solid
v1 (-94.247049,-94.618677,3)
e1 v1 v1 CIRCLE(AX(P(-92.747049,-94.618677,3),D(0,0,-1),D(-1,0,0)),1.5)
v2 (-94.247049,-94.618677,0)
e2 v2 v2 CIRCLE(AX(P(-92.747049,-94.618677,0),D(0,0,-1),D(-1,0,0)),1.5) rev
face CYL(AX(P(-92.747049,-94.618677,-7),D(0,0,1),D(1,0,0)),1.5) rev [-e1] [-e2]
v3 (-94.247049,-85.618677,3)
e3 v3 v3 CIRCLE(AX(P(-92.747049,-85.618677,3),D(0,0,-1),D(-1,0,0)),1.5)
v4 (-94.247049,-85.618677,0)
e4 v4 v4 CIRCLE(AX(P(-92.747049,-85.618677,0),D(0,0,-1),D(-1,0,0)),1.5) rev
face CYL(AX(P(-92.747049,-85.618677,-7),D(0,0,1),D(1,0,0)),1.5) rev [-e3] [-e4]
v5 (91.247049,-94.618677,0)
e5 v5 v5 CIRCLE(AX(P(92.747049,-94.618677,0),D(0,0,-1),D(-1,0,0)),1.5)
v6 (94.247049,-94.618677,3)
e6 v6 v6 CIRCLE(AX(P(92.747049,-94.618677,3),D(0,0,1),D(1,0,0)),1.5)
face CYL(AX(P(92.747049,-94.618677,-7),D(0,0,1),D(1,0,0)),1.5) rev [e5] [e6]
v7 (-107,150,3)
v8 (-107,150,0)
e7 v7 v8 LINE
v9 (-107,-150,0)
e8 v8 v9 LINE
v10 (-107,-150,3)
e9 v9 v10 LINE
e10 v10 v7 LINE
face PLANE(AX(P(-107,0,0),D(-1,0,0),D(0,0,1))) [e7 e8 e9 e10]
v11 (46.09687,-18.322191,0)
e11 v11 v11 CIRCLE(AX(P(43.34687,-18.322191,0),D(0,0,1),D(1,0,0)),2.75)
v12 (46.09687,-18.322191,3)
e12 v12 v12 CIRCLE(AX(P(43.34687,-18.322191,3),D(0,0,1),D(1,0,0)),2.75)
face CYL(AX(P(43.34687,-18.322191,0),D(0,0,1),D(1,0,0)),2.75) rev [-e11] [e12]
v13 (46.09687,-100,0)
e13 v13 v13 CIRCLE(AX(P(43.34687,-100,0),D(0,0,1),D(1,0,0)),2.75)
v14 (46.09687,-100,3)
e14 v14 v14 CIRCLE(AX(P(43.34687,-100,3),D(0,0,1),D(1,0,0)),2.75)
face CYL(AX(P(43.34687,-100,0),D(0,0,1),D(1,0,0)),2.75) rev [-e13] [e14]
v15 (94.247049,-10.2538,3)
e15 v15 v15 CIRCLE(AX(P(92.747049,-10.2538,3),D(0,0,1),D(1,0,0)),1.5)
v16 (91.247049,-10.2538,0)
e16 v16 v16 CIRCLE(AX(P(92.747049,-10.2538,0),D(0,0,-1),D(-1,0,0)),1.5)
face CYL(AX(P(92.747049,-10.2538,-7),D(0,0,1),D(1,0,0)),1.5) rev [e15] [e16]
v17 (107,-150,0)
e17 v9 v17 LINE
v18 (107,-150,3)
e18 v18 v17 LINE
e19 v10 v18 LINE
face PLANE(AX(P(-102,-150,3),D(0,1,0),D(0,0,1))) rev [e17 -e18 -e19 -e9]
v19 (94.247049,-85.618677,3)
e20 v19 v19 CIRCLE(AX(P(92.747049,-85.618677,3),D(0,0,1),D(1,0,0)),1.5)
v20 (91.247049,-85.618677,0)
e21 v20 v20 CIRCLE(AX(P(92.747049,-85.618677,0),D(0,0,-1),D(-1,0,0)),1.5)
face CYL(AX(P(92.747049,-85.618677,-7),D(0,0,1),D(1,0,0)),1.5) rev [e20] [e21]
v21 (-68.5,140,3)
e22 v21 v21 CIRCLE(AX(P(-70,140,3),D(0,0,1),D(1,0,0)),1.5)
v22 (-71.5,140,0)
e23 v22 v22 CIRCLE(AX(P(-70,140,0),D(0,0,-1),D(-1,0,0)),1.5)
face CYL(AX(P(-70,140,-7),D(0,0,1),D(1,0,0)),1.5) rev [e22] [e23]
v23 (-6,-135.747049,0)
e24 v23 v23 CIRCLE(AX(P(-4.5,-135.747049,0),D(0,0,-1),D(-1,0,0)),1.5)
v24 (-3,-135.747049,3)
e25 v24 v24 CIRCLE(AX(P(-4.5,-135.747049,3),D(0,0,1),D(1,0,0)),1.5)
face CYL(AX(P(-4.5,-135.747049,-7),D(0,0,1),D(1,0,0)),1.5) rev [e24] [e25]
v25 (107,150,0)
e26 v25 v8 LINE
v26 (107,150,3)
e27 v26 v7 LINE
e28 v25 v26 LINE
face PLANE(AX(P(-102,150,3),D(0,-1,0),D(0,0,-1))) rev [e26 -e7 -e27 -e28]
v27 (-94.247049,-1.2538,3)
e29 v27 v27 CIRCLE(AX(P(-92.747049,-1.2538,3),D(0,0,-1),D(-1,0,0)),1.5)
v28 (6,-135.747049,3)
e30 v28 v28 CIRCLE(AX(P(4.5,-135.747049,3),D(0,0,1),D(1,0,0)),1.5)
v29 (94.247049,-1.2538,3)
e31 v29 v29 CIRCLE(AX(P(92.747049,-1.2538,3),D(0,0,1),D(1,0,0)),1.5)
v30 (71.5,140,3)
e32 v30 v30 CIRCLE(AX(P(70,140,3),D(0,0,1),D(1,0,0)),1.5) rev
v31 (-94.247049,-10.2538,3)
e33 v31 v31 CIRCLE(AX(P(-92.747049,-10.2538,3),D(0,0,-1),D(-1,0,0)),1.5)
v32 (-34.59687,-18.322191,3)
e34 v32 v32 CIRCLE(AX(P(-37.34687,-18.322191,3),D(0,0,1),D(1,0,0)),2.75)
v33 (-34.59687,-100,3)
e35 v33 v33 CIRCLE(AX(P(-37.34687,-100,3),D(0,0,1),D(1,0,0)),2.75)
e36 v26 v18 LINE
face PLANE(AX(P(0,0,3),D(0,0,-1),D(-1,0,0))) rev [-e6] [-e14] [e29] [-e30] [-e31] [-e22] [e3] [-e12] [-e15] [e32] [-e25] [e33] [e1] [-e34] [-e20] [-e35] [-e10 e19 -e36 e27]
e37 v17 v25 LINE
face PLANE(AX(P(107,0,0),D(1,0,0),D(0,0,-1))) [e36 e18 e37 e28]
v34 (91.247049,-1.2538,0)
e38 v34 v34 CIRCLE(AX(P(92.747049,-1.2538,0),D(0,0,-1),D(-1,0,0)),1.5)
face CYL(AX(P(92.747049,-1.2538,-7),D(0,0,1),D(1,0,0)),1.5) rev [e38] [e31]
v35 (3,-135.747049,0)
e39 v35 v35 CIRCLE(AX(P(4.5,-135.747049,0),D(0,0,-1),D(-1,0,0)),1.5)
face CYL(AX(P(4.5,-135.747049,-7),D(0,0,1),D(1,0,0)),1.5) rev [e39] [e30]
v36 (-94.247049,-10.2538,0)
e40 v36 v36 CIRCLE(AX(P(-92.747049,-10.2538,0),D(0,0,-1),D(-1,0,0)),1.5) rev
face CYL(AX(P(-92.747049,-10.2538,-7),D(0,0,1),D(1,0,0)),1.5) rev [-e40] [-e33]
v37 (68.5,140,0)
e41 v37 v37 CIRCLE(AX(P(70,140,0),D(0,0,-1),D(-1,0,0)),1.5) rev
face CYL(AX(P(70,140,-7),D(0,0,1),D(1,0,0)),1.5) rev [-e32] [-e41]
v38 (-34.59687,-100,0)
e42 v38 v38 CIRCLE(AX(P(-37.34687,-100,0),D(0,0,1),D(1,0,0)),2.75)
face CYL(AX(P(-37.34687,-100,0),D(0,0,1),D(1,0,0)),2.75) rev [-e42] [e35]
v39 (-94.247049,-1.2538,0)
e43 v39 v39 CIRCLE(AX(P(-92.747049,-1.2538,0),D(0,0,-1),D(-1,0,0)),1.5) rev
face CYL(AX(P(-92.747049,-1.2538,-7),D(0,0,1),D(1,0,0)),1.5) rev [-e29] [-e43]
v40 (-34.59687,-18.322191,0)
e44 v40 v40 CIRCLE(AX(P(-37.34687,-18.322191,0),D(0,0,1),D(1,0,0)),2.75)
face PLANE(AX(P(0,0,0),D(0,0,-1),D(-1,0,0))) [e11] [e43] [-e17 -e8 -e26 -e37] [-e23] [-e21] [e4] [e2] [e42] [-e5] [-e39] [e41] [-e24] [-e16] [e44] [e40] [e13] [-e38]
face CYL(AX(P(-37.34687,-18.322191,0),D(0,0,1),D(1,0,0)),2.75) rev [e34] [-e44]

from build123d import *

# Parameters (mm, degrees)
SKETCH1_W           = 204
SKETCH1_H           = 300
BOSS_EXTRUDE1_DEPTH = 3
SKETCH2_R           = 2.75
CUT_EXTRUDE1_DEPTH  = 3
SKETCH4_W           = 3
SKETCH4_H           = 300
BOSS_EXTRUDE2_DEPTH = 5
SKETCH5_W           = 3
SKETCH5_H           = 300
BOSS_EXTRUDE3_DEPTH = 5
SKETCH3_R           = 1.5
CUT_EXTRUDE2_DEPTH  = 10
SKETCH9_R           = 1.5
CUT_EXTRUDE3_DEPTH  = 10
CUT_EXTRUDE4_DEPTH  = 10


with BuildPart() as part:
    # Sketch1 → Boss-Extrude1 (new body)
    with BuildSketch(Plane.XY):
        Rectangle(SKETCH1_W, SKETCH1_H)
    extrude(amount=BOSS_EXTRUDE1_DEPTH)

    # Sketch2 → Cut-Extrude1 (cut)
    with BuildSketch(Plane.XY.offset(3)):
        with Locations((-37.346869525, -18.322190961)):
            Circle(SKETCH2_R)
        with Locations((43.346869525, -18.322190961)):
            Circle(SKETCH2_R)
        with Locations((43.346869525, -100)):
            Circle(SKETCH2_R)
        with Locations((-37.346869525, -100)):
            Circle(SKETCH2_R)
    extrude(amount=-CUT_EXTRUDE1_DEPTH, mode=Mode.SUBTRACT)

    # Sketch4 → Boss-Extrude2 (add)
    with BuildSketch(Plane.ZY.offset(102)):
        with Locations((1.5, 0)):
            Rectangle(SKETCH4_W, SKETCH4_H)
    extrude(amount=BOSS_EXTRUDE2_DEPTH)

    # Sketch5 → Boss-Extrude3 (add)
    with BuildSketch(Plane(origin=(102, 0, 0), x_dir=(0, 0, -1), z_dir=(1, 0, 0))):
        with Locations((-1.5, 0)):
            Rectangle(SKETCH5_W, SKETCH5_H)
    extrude(amount=BOSS_EXTRUDE3_DEPTH)

    # Sketch3 → Cut-Extrude2 (cut)
    with BuildSketch(Plane.XY.offset(3)):
        with Locations((92.747048823, -10.253799858)):
            Circle(SKETCH3_R)
        with Locations((92.747048823, -1.253799858)):
            Circle(SKETCH3_R)
        with Locations((92.747048823, -94.618676634)):
            Circle(SKETCH3_R)
        with Locations((92.747048823, -85.618676634)):
            Circle(SKETCH3_R)
        with Locations(Location((-92.747048823, -85.618676634, 0), (0, 0, 180))):
            Circle(SKETCH3_R)
        with Locations(Location((-92.747048823, -94.618676634, 0), (0, 0, 180))):
            Circle(SKETCH3_R)
        with Locations(Location((-92.747048823, -1.253799858, 0), (0, 0, 180))):
            Circle(SKETCH3_R)
        with Locations(Location((-92.747048823, -10.253799858, 0), (0, 0, 180))):
            Circle(SKETCH3_R)
    extrude(amount=-CUT_EXTRUDE2_DEPTH, mode=Mode.SUBTRACT)

    # Sketch9 → Cut-Extrude3 (cut)
    with BuildSketch(Plane.XY.offset(3)):
        with Locations((-4.5, -135.747048823)):
            Circle(SKETCH9_R)
        with Locations((4.5, -135.747048823)):
            Circle(SKETCH9_R)
    extrude(amount=-CUT_EXTRUDE3_DEPTH, mode=Mode.SUBTRACT)

    # Sketch10 → Cut-Extrude4 (cut)
    with BuildSketch(Plane.XY.offset(3)):
        with BuildLine():
            ThreePointArc((-70, 138.5), (-68.939339828, 138.939339828), (-68.5, 140))
            Line((-68.5, 140), (-70, 140))
            Line((-70, 140), (-70, 138.5))
        make_face()
        with BuildLine():
            Line((-70, 140), (-68.5, 140))
            ThreePointArc((-68.5, 140), (-68.939339828, 141.060660172), (-70, 141.5))
            Line((-70, 141.5), (-70, 140))
        make_face()
        with BuildLine():
            ThreePointArc((-70, 141.5), (-71.060660172, 141.060660172), (-71.5, 140))
            Line((-71.5, 140), (-70, 140))
            Line((-70, 140), (-70, 141.5))
        make_face()
        with BuildLine():
            Line((-70, 140), (-71.5, 140))
            ThreePointArc((-71.5, 140), (-71.060660172, 138.939339828), (-70, 138.5))
            Line((-70, 138.5), (-70, 140))
        make_face()
        with BuildLine():
            ThreePointArc((70, 138.5), (71.060660172, 138.939339828), (71.5, 140))
            Line((71.5, 140), (70, 140))
            Line((70, 140), (70, 138.5))
        make_face()
        with BuildLine():
            Line((70, 140), (71.5, 140))
            ThreePointArc((71.5, 140), (71.060660172, 141.060660172), (70, 141.5))
            Line((70, 141.5), (70, 140))
        make_face()
        with BuildLine():
            Line((70, 138.5), (70, 140))
            Line((70, 140), (68.5, 140))
            ThreePointArc((68.5, 140), (68.939339828, 138.939339828), (70, 138.5))
        make_face()
        with BuildLine():
            Line((68.5, 140), (70, 140))
            Line((70, 140), (70, 141.5))
            ThreePointArc((70, 141.5), (68.939339828, 141.060660172), (68.5, 140))
        make_face()
    extrude(amount=-CUT_EXTRUDE4_DEPTH, mode=Mode.SUBTRACT)


solid = part.part
